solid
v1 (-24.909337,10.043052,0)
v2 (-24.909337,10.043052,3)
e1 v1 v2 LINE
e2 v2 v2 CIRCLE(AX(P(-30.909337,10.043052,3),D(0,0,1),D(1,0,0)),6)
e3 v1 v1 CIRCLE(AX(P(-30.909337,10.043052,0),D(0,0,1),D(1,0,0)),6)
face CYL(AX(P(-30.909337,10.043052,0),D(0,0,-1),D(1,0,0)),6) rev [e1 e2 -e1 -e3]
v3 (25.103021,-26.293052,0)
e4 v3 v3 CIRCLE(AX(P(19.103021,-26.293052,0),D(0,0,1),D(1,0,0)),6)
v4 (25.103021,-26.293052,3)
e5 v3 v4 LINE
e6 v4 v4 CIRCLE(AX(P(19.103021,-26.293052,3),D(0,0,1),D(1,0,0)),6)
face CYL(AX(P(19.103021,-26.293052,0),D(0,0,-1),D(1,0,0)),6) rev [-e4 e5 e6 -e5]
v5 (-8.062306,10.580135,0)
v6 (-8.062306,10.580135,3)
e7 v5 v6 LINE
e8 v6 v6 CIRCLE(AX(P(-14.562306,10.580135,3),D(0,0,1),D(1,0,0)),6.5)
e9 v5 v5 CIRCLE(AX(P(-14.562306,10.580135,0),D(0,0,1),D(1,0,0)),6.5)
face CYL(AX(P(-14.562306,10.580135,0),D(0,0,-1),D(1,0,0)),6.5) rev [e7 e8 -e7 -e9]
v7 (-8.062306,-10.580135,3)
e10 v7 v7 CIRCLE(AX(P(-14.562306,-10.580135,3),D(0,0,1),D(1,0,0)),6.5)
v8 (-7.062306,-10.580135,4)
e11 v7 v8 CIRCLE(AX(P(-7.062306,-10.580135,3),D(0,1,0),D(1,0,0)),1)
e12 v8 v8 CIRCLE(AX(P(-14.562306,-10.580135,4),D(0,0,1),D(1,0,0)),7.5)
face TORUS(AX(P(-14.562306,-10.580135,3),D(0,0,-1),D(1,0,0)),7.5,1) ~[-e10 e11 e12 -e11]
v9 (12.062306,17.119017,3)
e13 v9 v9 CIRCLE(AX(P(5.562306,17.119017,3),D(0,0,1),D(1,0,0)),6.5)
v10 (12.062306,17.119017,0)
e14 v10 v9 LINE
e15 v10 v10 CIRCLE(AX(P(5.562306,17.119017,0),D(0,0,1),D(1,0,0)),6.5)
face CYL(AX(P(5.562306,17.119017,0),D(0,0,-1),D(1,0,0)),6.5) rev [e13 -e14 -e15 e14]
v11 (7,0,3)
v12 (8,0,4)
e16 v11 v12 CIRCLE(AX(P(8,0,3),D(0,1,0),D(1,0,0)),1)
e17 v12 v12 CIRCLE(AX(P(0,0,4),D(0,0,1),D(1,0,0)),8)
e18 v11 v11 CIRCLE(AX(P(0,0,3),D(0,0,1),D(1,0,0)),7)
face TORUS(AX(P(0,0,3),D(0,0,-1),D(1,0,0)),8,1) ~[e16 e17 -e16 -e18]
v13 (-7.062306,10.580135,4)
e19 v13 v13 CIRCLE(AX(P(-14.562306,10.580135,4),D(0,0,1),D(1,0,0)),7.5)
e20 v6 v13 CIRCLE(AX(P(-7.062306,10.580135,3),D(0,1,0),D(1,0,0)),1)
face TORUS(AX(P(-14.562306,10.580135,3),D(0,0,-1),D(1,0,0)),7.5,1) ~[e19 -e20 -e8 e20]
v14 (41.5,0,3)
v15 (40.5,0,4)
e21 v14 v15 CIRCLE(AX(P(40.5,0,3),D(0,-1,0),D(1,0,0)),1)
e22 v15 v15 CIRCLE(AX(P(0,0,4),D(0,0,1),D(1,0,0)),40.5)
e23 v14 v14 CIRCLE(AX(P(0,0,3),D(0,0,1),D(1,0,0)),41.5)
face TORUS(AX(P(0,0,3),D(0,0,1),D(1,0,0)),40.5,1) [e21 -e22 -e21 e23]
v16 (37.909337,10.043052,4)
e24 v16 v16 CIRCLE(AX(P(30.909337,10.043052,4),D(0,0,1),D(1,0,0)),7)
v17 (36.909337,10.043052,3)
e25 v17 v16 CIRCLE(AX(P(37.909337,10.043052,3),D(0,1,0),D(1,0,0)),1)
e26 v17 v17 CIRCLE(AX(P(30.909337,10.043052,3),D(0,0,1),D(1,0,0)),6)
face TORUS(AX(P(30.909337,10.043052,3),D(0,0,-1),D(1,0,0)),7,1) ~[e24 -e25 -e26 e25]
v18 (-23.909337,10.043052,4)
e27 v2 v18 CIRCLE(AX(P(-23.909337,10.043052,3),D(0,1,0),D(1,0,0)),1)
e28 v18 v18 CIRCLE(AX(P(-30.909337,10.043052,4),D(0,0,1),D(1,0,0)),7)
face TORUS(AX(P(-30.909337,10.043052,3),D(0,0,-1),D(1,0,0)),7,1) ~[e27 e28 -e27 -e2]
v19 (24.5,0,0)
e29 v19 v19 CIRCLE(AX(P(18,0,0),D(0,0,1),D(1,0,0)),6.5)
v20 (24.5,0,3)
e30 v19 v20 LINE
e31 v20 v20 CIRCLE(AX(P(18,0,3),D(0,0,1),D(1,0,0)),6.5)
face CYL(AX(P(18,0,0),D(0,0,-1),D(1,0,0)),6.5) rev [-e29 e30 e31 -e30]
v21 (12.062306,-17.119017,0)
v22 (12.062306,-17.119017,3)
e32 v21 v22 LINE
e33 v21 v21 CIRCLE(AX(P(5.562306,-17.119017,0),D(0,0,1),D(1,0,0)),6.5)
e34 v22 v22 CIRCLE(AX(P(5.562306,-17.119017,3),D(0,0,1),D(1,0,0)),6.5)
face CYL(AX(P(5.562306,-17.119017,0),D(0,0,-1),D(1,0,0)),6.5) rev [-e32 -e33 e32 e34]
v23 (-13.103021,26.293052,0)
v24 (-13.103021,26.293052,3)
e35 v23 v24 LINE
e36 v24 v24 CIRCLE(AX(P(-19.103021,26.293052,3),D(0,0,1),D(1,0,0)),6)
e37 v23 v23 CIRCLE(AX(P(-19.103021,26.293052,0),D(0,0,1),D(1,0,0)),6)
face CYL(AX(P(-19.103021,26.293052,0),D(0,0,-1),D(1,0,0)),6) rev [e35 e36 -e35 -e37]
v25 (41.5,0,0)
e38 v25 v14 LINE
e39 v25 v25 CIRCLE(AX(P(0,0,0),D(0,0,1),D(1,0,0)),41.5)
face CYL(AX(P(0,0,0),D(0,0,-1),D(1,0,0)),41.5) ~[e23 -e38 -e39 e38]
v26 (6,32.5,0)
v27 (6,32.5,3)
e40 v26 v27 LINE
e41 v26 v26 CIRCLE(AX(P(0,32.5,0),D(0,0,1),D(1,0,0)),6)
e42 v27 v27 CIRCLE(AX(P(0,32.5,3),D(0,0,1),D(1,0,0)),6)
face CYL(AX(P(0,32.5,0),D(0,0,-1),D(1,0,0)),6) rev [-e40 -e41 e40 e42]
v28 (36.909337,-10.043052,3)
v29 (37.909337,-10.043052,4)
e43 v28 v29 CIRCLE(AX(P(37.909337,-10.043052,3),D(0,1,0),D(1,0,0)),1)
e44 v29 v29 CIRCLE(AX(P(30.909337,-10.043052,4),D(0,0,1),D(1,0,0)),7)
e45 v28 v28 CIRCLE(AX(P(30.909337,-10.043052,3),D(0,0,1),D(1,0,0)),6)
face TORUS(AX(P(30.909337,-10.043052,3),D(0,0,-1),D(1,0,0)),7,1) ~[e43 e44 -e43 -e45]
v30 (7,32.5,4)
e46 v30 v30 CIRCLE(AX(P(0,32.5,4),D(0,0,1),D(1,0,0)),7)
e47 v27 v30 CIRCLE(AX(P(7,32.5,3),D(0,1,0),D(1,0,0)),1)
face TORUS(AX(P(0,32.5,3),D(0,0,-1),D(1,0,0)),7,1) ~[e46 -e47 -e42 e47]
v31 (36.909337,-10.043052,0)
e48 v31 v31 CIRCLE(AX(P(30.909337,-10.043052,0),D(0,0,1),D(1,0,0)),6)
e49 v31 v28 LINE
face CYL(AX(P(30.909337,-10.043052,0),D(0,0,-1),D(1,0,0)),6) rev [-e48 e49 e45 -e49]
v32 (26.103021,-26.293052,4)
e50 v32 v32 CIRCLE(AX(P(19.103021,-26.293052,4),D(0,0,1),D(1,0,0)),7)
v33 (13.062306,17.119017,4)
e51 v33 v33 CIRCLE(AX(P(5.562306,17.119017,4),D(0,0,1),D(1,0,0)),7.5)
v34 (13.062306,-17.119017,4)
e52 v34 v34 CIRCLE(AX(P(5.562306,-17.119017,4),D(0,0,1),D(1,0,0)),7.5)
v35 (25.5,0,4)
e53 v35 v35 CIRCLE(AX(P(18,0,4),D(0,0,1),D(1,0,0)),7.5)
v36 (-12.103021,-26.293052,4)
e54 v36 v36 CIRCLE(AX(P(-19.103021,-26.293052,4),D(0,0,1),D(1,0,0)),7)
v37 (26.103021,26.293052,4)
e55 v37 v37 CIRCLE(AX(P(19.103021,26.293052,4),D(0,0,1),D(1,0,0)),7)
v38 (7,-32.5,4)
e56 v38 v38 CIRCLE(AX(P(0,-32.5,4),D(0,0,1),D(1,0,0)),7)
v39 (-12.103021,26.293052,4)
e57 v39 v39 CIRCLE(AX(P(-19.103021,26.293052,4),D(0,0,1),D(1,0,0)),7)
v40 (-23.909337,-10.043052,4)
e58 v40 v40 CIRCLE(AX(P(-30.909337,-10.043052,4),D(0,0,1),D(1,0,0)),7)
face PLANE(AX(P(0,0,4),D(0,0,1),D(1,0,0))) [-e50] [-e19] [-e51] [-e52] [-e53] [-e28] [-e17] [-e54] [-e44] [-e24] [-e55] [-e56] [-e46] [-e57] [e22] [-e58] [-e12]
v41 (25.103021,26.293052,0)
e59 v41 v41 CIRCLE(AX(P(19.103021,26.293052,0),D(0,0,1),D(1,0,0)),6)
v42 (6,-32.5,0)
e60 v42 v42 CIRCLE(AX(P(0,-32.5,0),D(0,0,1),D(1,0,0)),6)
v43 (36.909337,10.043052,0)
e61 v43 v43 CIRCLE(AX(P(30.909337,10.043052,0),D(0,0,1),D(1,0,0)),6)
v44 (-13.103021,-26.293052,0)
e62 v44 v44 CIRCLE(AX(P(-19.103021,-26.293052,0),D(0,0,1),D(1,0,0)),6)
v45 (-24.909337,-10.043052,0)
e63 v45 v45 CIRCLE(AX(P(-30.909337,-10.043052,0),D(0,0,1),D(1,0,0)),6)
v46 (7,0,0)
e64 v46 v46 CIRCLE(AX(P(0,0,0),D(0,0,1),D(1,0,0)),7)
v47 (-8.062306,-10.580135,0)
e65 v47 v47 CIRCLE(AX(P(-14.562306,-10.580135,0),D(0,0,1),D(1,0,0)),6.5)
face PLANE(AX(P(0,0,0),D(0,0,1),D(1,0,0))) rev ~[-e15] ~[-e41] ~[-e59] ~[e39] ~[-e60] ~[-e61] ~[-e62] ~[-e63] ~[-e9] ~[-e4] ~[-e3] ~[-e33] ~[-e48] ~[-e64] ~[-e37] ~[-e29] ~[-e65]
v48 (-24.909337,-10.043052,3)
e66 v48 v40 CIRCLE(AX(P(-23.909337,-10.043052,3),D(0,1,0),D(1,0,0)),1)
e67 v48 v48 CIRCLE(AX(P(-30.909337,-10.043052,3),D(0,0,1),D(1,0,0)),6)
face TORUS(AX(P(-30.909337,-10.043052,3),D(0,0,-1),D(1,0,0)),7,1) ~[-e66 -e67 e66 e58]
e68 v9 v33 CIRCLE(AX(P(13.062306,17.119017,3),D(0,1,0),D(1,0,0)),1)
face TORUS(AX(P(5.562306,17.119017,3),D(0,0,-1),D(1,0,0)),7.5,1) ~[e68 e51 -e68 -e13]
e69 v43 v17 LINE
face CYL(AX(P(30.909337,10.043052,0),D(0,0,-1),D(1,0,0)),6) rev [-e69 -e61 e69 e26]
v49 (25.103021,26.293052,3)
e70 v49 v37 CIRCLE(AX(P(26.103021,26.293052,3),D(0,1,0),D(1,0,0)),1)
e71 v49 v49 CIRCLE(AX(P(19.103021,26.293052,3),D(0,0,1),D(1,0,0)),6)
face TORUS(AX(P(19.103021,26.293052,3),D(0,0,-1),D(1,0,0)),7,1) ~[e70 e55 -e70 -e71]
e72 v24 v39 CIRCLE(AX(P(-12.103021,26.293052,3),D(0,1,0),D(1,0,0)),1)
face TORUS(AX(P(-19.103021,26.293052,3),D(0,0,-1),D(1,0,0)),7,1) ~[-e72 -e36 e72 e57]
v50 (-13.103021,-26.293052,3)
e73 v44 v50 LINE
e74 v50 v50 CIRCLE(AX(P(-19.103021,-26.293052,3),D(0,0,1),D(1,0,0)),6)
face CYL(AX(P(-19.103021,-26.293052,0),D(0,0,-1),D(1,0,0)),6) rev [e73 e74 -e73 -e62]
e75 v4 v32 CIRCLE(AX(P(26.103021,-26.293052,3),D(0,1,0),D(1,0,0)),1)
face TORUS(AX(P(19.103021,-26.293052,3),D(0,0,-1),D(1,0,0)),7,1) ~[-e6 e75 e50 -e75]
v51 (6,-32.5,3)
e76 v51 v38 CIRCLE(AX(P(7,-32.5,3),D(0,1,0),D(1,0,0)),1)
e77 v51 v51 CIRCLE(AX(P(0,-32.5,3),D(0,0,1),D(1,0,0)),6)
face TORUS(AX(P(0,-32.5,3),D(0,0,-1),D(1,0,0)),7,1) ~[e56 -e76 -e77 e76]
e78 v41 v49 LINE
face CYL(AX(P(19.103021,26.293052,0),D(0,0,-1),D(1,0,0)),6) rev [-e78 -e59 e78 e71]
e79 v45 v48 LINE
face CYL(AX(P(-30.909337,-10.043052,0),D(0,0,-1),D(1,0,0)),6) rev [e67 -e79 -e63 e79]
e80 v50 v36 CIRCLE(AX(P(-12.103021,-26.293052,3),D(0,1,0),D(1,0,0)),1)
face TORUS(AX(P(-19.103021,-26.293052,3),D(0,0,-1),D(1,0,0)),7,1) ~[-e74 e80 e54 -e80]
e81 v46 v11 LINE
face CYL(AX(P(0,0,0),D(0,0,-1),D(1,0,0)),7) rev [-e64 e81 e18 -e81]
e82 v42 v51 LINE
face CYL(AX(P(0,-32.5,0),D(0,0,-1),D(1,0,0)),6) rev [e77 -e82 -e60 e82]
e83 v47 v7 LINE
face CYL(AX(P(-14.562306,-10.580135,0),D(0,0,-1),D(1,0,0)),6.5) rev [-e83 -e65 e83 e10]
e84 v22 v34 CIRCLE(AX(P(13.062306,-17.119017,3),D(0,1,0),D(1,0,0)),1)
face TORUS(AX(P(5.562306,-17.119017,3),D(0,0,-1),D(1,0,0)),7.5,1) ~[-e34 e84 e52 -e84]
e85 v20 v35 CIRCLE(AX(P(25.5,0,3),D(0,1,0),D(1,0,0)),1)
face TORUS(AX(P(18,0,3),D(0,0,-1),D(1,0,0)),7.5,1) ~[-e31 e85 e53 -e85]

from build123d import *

# Parameters (mm, degrees)
F0_R     = 41.5
F0_R_2   = 6
F0_R_3   = 6.5
F0_R_4   = 7
F1_DEPTH = 4
F2_R     = 1


with BuildPart() as f1:
    # F0 (on Top) → F1 (new body)
    with BuildSketch(Plane.XY):
        Circle(F0_R)
        with Locations((-19.103021, -26.293052)):
            Circle(F0_R_2, mode=Mode.SUBTRACT)
        with Locations((-30.909337, -10.043052)):
            Circle(F0_R_2, mode=Mode.SUBTRACT)
        with Locations((-14.562306, -10.580135)):
            Circle(F0_R_3, mode=Mode.SUBTRACT)
        with Locations((0, -32.5)):
            Circle(F0_R_2, mode=Mode.SUBTRACT)
        with Locations((19.103021, -26.293052)):
            Circle(F0_R_2, mode=Mode.SUBTRACT)
        with Locations((5.562306, -17.119017)):
            Circle(F0_R_3, mode=Mode.SUBTRACT)
        with Locations((30.909337, -10.043052)):
            Circle(F0_R_2, mode=Mode.SUBTRACT)
        with Locations((-30.909337, 10.043052)):
            Circle(F0_R_2, mode=Mode.SUBTRACT)
        with Locations((-14.562306, 10.580135)):
            Circle(F0_R_3, mode=Mode.SUBTRACT)
        with Locations((-19.103021, 26.293052)):
            Circle(F0_R_2, mode=Mode.SUBTRACT)
        Circle(F0_R_4, mode=Mode.SUBTRACT)
        with Locations((18, 0)):
            Circle(F0_R_3, mode=Mode.SUBTRACT)
        with Locations((5.562306, 17.119017)):
            Circle(F0_R_3, mode=Mode.SUBTRACT)
        with Locations((30.909337, 10.043052)):
            Circle(F0_R_2, mode=Mode.SUBTRACT)
        with Locations((19.103021, 26.293052)):
            Circle(F0_R_2, mode=Mode.SUBTRACT)
        with Locations((0, 32.5)):
            Circle(F0_R_2, mode=Mode.SUBTRACT)
    extrude(amount=F1_DEPTH)

    # F2
    f2_edges = [f1.edges().sort_by_distance(p)[0] for p in [
        (-41.5, 0, 4),
        (-25.103021, -26.293052, 4),
        (-36.909337, -10.043052, 4),
        (-21.062306, -10.580135, 4),
        (-6, -32.5, 4),
        (13.103021, -26.293052, 4),
        (-0.937694, -17.119017, 4),
        (24.909337, -10.043052, 4),
        (-36.909337, 10.043052, 4),
        (-21.062306, 10.580135, 4),
        (-25.103021, 26.293052, 4),
        (-7, 0, 4),
        (11.5, 0, 4),
        (-0.937694, 17.119017, 4),
        (24.909337, 10.043052, 4),
        (13.103021, 26.293052, 4),
        (-6, 32.5, 4),
    ]]
    fillet(f2_edges, radius=F2_R)


solid = f1.part
